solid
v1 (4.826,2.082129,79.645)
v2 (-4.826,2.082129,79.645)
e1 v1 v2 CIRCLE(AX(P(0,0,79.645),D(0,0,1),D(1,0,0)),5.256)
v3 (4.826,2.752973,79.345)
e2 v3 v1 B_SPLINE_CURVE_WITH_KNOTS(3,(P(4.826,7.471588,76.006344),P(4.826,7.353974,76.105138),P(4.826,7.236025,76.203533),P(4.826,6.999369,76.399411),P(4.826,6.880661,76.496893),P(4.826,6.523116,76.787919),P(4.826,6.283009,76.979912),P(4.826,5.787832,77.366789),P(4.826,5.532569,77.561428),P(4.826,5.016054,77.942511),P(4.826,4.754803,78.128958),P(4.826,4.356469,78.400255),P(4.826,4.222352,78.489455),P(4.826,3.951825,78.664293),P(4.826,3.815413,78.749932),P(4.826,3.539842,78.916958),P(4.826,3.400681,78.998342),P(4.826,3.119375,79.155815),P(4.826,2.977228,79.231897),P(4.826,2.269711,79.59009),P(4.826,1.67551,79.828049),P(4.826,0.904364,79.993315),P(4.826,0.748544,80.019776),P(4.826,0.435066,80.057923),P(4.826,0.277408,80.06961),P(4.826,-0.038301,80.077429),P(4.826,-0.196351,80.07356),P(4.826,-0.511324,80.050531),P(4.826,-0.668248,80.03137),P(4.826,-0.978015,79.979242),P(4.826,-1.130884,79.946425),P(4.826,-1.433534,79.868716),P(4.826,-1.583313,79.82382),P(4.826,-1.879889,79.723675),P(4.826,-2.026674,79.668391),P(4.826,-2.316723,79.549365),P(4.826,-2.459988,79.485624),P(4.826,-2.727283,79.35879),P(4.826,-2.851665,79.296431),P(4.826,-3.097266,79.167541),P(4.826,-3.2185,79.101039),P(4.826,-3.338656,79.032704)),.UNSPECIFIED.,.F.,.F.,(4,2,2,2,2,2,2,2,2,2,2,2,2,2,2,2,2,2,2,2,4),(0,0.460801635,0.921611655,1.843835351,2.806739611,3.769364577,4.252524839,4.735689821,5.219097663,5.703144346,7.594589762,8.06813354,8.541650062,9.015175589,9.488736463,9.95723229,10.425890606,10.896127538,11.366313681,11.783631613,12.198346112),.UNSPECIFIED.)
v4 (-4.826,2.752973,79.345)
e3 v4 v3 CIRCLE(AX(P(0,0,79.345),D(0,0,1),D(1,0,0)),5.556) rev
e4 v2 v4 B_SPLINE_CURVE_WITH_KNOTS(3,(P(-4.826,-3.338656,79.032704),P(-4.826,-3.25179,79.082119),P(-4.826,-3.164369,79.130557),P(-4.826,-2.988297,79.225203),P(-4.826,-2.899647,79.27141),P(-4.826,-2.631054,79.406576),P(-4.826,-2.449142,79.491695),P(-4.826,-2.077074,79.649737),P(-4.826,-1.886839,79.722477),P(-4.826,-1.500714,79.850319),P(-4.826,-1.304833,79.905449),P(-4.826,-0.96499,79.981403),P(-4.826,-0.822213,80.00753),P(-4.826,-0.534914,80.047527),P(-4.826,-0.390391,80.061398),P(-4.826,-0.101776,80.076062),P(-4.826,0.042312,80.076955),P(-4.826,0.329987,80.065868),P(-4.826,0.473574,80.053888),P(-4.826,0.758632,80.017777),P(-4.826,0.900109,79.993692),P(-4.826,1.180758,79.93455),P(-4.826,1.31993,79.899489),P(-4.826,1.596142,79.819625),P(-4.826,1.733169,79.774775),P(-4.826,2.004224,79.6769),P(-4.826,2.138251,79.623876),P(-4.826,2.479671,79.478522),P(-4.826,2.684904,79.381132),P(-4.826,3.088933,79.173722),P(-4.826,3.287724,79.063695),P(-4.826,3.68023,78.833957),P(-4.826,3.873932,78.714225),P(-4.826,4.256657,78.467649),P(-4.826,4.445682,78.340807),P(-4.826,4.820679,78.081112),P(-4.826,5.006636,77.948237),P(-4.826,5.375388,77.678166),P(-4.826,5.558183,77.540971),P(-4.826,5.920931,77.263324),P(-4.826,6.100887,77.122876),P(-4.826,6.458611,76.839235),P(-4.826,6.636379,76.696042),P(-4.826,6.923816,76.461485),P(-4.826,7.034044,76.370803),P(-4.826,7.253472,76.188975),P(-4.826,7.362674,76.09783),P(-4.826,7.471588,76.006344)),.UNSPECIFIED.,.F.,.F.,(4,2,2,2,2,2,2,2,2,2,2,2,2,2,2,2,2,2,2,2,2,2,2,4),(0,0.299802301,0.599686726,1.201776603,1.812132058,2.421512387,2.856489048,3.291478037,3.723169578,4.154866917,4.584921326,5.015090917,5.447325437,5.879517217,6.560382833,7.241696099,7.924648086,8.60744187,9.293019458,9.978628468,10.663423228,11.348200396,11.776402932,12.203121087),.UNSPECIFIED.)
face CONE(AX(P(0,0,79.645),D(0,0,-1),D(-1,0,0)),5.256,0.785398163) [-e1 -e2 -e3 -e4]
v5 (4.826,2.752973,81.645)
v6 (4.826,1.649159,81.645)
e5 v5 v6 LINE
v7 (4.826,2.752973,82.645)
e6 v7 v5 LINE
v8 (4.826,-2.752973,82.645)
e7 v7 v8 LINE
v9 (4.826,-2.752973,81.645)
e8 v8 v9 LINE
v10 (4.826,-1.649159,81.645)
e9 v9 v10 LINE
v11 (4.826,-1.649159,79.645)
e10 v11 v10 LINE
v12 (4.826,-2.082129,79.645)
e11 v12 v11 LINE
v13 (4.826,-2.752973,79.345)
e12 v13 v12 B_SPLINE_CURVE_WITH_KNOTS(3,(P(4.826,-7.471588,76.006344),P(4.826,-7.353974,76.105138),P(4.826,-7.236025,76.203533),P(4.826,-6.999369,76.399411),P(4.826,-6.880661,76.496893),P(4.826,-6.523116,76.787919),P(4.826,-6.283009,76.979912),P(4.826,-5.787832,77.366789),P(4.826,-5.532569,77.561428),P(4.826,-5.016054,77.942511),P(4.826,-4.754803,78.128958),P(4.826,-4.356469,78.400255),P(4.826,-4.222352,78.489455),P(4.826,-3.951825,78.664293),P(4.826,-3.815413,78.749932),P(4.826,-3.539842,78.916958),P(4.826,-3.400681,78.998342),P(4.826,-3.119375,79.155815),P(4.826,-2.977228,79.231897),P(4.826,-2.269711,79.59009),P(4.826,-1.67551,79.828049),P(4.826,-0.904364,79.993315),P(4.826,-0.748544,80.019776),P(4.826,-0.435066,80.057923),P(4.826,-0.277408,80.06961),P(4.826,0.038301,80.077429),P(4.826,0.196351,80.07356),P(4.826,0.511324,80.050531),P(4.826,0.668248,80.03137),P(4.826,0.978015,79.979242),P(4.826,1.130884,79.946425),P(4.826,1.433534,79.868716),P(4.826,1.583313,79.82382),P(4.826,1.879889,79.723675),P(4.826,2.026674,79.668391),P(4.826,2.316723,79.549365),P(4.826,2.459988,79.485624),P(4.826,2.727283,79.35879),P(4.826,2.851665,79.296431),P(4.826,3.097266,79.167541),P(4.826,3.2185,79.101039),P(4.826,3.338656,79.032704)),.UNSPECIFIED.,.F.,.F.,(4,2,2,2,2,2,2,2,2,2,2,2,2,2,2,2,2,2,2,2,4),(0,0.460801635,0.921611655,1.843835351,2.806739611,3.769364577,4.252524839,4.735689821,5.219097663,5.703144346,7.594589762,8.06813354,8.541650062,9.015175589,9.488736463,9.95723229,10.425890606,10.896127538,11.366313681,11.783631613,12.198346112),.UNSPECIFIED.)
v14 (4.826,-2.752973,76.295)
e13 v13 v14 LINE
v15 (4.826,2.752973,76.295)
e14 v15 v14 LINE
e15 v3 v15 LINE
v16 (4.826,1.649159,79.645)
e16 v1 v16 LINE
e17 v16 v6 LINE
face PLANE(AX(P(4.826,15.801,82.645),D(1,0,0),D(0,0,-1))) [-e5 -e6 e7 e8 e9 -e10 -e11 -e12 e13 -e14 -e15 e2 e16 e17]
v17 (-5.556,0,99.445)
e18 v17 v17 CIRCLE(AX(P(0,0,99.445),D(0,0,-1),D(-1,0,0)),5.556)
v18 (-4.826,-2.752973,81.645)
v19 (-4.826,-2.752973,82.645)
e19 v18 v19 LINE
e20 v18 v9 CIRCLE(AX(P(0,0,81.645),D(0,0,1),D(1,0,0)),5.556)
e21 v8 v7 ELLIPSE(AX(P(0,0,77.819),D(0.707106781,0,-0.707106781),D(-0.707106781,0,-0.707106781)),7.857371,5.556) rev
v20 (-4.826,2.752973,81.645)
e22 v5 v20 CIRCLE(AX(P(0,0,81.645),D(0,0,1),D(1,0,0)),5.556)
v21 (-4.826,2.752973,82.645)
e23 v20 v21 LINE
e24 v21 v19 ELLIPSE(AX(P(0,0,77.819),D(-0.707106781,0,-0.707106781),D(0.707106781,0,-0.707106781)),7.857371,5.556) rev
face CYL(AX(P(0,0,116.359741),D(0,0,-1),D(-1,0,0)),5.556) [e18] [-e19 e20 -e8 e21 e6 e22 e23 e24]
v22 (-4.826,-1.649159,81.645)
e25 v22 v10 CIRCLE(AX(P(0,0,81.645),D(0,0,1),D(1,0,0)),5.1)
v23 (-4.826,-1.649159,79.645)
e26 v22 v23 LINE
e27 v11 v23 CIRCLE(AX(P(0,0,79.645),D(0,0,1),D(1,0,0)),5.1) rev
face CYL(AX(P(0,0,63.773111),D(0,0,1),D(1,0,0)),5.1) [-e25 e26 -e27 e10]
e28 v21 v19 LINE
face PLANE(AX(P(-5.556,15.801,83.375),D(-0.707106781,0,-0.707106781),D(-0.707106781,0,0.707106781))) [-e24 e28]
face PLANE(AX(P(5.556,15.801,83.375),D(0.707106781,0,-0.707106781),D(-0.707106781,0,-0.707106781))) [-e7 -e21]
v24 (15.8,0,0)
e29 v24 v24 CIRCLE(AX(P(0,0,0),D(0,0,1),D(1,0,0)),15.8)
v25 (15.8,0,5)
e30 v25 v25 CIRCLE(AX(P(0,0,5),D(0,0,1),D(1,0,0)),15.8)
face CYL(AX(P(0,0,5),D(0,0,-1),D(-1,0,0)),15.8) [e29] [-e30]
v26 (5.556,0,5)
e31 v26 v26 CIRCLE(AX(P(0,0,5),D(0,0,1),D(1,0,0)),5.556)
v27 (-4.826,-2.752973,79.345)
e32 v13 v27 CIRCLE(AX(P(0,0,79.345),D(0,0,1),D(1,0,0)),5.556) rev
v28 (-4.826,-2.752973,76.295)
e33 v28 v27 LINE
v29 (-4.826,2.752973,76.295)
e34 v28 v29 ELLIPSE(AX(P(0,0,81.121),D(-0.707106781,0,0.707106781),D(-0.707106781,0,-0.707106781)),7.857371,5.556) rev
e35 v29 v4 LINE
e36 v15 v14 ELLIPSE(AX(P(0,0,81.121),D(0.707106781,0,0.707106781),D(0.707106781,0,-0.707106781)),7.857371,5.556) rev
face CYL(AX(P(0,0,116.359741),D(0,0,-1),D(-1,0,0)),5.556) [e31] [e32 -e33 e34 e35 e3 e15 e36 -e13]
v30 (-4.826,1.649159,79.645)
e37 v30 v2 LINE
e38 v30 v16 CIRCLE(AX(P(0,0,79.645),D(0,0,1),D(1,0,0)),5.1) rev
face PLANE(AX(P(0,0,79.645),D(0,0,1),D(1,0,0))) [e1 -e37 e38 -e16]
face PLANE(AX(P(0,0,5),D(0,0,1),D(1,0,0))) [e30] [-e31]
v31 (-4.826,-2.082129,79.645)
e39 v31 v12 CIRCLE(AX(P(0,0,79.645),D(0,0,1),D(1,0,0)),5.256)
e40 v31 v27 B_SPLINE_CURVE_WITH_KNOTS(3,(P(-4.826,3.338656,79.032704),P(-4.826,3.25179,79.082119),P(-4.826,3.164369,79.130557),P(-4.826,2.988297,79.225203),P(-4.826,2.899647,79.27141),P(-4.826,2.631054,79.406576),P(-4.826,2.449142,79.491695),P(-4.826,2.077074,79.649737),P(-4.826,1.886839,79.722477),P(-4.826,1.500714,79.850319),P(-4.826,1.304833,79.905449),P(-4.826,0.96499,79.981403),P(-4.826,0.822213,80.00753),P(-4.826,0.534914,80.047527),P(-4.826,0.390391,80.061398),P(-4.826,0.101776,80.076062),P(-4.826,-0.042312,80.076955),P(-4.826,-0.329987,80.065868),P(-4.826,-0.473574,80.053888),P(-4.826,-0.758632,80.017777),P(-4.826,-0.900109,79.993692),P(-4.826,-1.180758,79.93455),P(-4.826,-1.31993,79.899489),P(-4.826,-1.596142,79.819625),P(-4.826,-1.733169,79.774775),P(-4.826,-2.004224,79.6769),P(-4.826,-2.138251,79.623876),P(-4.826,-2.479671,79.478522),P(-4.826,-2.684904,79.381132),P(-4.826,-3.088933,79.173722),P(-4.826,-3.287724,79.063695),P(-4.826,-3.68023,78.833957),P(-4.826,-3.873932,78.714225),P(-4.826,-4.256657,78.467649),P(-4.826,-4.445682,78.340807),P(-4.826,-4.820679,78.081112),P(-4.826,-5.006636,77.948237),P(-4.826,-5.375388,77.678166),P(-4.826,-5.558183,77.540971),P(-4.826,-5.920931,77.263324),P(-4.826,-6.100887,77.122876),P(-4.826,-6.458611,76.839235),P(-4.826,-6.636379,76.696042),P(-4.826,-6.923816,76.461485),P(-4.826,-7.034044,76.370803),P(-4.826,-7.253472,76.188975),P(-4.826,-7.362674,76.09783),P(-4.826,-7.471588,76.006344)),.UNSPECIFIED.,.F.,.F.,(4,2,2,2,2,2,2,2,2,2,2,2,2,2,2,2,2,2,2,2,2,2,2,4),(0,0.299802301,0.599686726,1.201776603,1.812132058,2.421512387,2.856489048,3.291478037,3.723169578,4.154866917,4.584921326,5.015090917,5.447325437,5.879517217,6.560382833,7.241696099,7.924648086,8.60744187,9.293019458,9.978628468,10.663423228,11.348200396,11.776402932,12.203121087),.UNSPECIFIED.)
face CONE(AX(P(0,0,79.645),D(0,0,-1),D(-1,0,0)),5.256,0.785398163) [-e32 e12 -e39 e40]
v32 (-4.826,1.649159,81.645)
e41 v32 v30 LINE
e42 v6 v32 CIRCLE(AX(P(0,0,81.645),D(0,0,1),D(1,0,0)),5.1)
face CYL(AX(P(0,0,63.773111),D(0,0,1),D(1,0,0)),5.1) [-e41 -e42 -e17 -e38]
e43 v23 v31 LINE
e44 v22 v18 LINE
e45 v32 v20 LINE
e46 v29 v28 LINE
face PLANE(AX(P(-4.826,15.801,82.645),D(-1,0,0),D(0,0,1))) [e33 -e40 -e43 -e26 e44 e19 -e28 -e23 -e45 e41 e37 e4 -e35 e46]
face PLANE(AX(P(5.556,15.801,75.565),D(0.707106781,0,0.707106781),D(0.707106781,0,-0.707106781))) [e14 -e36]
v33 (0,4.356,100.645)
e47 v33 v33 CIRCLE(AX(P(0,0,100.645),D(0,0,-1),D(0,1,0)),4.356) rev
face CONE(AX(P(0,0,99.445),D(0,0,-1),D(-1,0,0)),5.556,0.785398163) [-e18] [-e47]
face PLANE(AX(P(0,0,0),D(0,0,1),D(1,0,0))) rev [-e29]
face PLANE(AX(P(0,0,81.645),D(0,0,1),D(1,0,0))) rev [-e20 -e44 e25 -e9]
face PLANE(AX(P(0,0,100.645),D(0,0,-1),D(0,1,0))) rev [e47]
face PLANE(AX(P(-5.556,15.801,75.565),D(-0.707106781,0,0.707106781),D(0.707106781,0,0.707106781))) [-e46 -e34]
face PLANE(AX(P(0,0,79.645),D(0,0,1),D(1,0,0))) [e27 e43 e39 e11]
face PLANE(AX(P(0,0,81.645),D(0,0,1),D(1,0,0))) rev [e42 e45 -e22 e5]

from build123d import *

# Parameters (mm, degrees)
SKETCH1_R                      = 5.556
EXTRUDE1_DEPTH                 = 100.645
THREADCHAMFER_SIZE             = 1.2
SKETCH3_OUTSIDE_W              = 33.484
SKETCH3_OUTSIDE_H              = 33.484
SKETCH3_OUTSIDE_R              = 5.1
CUT_EXTRUDE1_DEPTH             = 2
CHAMFER2_SIZE                  = 0.3
SKETCH4_R                      = 15.8
PISTON_DEPTH                   = 5
CUT_EXTRUDE2_REACH             = 105.096
CUT_EXTRUDE2_DIRECTION_2_REACH = 105.096


with BuildPart() as part:
    # Sketch1 → Extrude1 (new body)
    with BuildSketch(Plane.XY):
        with Locations(Location((0, 0, 0), (0, 0, 90))):
            Circle(SKETCH1_R)
    extrude(amount=EXTRUDE1_DEPTH)

    # ThreadChamfer
    threadchamfer_edges = [part.edges().sort_by_distance(p)[0] for p in [
        (0, -5.556, 100.645),
    ]]
    chamfer(threadchamfer_edges, length=THREADCHAMFER_SIZE)

    # Sketch3 outside → Cut-Extrude1 (cut)
    with BuildSketch(Plane.XY.offset(81.645)):
        Rectangle(SKETCH3_OUTSIDE_W, SKETCH3_OUTSIDE_H)
        Circle(SKETCH3_OUTSIDE_R, mode=Mode.SUBTRACT)
    extrude(amount=-CUT_EXTRUDE1_DEPTH, mode=Mode.SUBTRACT)

    # Chamfer2
    chamfer2_edges = [part.edges().sort_by_distance(p)[0] for p in [
        (0, -5.556, 79.645),
    ]]
    chamfer(chamfer2_edges, length=CHAMFER2_SIZE)

    # Sketch4 → Piston (add)
    with BuildSketch(Plane.XY):
        Circle(SKETCH4_R)
    extrude(amount=PISTON_DEPTH)

    # Sketch5 → Cut-Extrude2 (cut, up to next)
    with BuildSketch(Plane(origin=(0, 0, 0), x_dir=(1, 0, 0), z_dir=(0, 1, 0)), mode=Mode.PRIVATE) as cut_extrude2_sk1:
        Polygon((5.556, -75.565), (4.826, -76.295), (4.826, -82.645), (5.556, -83.375), align=None)
    cut_extrude2_tool1 = extrude(cut_extrude2_sk1.sketch, amount=-CUT_EXTRUDE2_REACH, mode=Mode.PRIVATE) & part.part
    # Sketch5 → Cut-Extrude2 (cut, up to next)
    with BuildSketch(Plane(origin=(0, 0, 0), x_dir=(1, 0, 0), z_dir=(0, 1, 0)), mode=Mode.PRIVATE) as cut_extrude2_sk2:
        Polygon((-5.556, -83.375), (-4.826, -82.645), (-4.826, -76.295), (-5.556, -75.565), align=None)
    cut_extrude2_tool2 = extrude(cut_extrude2_sk2.sketch, amount=-CUT_EXTRUDE2_REACH, mode=Mode.PRIVATE) & part.part
    add(cut_extrude2_tool1.solids().sort_by_distance((5.203545, 0, 79.47))[0], mode=Mode.SUBTRACT)
    add(cut_extrude2_tool2.solids().sort_by_distance((-5.203545, 0, 79.47))[0], mode=Mode.SUBTRACT)

    # Sketch5 → Cut-Extrude2 direction 2 (cut, up to next)
    with BuildSketch(Plane(origin=(0, 0, 0), x_dir=(1, 0, 0), z_dir=(0, 1, 0)), mode=Mode.PRIVATE) as cut_extrude2_direction_2_sk1:
        Polygon((5.556, -75.565), (4.826, -76.295), (4.826, -82.645), (5.556, -83.375), align=None)
    cut_extrude2_direction_2_tool1 = extrude(cut_extrude2_direction_2_sk1.sketch, amount=CUT_EXTRUDE2_DIRECTION_2_REACH, mode=Mode.PRIVATE) & part.part
    # Sketch5 → Cut-Extrude2 direction 2 (cut, up to next)
    with BuildSketch(Plane(origin=(0, 0, 0), x_dir=(1, 0, 0), z_dir=(0, 1, 0)), mode=Mode.PRIVATE) as cut_extrude2_direction_2_sk2:
        Polygon((-5.556, -83.375), (-4.826, -82.645), (-4.826, -76.295), (-5.556, -75.565), align=None)
    cut_extrude2_direction_2_tool2 = extrude(cut_extrude2_direction_2_sk2.sketch, amount=CUT_EXTRUDE2_DIRECTION_2_REACH, mode=Mode.PRIVATE) & part.part
    add(cut_extrude2_direction_2_tool1.solids().sort_by_distance((5.203545, 0, 79.47))[0], mode=Mode.SUBTRACT)
    add(cut_extrude2_direction_2_tool2.solids().sort_by_distance((-5.203545, 0, 79.47))[0], mode=Mode.SUBTRACT)


solid = part.part
